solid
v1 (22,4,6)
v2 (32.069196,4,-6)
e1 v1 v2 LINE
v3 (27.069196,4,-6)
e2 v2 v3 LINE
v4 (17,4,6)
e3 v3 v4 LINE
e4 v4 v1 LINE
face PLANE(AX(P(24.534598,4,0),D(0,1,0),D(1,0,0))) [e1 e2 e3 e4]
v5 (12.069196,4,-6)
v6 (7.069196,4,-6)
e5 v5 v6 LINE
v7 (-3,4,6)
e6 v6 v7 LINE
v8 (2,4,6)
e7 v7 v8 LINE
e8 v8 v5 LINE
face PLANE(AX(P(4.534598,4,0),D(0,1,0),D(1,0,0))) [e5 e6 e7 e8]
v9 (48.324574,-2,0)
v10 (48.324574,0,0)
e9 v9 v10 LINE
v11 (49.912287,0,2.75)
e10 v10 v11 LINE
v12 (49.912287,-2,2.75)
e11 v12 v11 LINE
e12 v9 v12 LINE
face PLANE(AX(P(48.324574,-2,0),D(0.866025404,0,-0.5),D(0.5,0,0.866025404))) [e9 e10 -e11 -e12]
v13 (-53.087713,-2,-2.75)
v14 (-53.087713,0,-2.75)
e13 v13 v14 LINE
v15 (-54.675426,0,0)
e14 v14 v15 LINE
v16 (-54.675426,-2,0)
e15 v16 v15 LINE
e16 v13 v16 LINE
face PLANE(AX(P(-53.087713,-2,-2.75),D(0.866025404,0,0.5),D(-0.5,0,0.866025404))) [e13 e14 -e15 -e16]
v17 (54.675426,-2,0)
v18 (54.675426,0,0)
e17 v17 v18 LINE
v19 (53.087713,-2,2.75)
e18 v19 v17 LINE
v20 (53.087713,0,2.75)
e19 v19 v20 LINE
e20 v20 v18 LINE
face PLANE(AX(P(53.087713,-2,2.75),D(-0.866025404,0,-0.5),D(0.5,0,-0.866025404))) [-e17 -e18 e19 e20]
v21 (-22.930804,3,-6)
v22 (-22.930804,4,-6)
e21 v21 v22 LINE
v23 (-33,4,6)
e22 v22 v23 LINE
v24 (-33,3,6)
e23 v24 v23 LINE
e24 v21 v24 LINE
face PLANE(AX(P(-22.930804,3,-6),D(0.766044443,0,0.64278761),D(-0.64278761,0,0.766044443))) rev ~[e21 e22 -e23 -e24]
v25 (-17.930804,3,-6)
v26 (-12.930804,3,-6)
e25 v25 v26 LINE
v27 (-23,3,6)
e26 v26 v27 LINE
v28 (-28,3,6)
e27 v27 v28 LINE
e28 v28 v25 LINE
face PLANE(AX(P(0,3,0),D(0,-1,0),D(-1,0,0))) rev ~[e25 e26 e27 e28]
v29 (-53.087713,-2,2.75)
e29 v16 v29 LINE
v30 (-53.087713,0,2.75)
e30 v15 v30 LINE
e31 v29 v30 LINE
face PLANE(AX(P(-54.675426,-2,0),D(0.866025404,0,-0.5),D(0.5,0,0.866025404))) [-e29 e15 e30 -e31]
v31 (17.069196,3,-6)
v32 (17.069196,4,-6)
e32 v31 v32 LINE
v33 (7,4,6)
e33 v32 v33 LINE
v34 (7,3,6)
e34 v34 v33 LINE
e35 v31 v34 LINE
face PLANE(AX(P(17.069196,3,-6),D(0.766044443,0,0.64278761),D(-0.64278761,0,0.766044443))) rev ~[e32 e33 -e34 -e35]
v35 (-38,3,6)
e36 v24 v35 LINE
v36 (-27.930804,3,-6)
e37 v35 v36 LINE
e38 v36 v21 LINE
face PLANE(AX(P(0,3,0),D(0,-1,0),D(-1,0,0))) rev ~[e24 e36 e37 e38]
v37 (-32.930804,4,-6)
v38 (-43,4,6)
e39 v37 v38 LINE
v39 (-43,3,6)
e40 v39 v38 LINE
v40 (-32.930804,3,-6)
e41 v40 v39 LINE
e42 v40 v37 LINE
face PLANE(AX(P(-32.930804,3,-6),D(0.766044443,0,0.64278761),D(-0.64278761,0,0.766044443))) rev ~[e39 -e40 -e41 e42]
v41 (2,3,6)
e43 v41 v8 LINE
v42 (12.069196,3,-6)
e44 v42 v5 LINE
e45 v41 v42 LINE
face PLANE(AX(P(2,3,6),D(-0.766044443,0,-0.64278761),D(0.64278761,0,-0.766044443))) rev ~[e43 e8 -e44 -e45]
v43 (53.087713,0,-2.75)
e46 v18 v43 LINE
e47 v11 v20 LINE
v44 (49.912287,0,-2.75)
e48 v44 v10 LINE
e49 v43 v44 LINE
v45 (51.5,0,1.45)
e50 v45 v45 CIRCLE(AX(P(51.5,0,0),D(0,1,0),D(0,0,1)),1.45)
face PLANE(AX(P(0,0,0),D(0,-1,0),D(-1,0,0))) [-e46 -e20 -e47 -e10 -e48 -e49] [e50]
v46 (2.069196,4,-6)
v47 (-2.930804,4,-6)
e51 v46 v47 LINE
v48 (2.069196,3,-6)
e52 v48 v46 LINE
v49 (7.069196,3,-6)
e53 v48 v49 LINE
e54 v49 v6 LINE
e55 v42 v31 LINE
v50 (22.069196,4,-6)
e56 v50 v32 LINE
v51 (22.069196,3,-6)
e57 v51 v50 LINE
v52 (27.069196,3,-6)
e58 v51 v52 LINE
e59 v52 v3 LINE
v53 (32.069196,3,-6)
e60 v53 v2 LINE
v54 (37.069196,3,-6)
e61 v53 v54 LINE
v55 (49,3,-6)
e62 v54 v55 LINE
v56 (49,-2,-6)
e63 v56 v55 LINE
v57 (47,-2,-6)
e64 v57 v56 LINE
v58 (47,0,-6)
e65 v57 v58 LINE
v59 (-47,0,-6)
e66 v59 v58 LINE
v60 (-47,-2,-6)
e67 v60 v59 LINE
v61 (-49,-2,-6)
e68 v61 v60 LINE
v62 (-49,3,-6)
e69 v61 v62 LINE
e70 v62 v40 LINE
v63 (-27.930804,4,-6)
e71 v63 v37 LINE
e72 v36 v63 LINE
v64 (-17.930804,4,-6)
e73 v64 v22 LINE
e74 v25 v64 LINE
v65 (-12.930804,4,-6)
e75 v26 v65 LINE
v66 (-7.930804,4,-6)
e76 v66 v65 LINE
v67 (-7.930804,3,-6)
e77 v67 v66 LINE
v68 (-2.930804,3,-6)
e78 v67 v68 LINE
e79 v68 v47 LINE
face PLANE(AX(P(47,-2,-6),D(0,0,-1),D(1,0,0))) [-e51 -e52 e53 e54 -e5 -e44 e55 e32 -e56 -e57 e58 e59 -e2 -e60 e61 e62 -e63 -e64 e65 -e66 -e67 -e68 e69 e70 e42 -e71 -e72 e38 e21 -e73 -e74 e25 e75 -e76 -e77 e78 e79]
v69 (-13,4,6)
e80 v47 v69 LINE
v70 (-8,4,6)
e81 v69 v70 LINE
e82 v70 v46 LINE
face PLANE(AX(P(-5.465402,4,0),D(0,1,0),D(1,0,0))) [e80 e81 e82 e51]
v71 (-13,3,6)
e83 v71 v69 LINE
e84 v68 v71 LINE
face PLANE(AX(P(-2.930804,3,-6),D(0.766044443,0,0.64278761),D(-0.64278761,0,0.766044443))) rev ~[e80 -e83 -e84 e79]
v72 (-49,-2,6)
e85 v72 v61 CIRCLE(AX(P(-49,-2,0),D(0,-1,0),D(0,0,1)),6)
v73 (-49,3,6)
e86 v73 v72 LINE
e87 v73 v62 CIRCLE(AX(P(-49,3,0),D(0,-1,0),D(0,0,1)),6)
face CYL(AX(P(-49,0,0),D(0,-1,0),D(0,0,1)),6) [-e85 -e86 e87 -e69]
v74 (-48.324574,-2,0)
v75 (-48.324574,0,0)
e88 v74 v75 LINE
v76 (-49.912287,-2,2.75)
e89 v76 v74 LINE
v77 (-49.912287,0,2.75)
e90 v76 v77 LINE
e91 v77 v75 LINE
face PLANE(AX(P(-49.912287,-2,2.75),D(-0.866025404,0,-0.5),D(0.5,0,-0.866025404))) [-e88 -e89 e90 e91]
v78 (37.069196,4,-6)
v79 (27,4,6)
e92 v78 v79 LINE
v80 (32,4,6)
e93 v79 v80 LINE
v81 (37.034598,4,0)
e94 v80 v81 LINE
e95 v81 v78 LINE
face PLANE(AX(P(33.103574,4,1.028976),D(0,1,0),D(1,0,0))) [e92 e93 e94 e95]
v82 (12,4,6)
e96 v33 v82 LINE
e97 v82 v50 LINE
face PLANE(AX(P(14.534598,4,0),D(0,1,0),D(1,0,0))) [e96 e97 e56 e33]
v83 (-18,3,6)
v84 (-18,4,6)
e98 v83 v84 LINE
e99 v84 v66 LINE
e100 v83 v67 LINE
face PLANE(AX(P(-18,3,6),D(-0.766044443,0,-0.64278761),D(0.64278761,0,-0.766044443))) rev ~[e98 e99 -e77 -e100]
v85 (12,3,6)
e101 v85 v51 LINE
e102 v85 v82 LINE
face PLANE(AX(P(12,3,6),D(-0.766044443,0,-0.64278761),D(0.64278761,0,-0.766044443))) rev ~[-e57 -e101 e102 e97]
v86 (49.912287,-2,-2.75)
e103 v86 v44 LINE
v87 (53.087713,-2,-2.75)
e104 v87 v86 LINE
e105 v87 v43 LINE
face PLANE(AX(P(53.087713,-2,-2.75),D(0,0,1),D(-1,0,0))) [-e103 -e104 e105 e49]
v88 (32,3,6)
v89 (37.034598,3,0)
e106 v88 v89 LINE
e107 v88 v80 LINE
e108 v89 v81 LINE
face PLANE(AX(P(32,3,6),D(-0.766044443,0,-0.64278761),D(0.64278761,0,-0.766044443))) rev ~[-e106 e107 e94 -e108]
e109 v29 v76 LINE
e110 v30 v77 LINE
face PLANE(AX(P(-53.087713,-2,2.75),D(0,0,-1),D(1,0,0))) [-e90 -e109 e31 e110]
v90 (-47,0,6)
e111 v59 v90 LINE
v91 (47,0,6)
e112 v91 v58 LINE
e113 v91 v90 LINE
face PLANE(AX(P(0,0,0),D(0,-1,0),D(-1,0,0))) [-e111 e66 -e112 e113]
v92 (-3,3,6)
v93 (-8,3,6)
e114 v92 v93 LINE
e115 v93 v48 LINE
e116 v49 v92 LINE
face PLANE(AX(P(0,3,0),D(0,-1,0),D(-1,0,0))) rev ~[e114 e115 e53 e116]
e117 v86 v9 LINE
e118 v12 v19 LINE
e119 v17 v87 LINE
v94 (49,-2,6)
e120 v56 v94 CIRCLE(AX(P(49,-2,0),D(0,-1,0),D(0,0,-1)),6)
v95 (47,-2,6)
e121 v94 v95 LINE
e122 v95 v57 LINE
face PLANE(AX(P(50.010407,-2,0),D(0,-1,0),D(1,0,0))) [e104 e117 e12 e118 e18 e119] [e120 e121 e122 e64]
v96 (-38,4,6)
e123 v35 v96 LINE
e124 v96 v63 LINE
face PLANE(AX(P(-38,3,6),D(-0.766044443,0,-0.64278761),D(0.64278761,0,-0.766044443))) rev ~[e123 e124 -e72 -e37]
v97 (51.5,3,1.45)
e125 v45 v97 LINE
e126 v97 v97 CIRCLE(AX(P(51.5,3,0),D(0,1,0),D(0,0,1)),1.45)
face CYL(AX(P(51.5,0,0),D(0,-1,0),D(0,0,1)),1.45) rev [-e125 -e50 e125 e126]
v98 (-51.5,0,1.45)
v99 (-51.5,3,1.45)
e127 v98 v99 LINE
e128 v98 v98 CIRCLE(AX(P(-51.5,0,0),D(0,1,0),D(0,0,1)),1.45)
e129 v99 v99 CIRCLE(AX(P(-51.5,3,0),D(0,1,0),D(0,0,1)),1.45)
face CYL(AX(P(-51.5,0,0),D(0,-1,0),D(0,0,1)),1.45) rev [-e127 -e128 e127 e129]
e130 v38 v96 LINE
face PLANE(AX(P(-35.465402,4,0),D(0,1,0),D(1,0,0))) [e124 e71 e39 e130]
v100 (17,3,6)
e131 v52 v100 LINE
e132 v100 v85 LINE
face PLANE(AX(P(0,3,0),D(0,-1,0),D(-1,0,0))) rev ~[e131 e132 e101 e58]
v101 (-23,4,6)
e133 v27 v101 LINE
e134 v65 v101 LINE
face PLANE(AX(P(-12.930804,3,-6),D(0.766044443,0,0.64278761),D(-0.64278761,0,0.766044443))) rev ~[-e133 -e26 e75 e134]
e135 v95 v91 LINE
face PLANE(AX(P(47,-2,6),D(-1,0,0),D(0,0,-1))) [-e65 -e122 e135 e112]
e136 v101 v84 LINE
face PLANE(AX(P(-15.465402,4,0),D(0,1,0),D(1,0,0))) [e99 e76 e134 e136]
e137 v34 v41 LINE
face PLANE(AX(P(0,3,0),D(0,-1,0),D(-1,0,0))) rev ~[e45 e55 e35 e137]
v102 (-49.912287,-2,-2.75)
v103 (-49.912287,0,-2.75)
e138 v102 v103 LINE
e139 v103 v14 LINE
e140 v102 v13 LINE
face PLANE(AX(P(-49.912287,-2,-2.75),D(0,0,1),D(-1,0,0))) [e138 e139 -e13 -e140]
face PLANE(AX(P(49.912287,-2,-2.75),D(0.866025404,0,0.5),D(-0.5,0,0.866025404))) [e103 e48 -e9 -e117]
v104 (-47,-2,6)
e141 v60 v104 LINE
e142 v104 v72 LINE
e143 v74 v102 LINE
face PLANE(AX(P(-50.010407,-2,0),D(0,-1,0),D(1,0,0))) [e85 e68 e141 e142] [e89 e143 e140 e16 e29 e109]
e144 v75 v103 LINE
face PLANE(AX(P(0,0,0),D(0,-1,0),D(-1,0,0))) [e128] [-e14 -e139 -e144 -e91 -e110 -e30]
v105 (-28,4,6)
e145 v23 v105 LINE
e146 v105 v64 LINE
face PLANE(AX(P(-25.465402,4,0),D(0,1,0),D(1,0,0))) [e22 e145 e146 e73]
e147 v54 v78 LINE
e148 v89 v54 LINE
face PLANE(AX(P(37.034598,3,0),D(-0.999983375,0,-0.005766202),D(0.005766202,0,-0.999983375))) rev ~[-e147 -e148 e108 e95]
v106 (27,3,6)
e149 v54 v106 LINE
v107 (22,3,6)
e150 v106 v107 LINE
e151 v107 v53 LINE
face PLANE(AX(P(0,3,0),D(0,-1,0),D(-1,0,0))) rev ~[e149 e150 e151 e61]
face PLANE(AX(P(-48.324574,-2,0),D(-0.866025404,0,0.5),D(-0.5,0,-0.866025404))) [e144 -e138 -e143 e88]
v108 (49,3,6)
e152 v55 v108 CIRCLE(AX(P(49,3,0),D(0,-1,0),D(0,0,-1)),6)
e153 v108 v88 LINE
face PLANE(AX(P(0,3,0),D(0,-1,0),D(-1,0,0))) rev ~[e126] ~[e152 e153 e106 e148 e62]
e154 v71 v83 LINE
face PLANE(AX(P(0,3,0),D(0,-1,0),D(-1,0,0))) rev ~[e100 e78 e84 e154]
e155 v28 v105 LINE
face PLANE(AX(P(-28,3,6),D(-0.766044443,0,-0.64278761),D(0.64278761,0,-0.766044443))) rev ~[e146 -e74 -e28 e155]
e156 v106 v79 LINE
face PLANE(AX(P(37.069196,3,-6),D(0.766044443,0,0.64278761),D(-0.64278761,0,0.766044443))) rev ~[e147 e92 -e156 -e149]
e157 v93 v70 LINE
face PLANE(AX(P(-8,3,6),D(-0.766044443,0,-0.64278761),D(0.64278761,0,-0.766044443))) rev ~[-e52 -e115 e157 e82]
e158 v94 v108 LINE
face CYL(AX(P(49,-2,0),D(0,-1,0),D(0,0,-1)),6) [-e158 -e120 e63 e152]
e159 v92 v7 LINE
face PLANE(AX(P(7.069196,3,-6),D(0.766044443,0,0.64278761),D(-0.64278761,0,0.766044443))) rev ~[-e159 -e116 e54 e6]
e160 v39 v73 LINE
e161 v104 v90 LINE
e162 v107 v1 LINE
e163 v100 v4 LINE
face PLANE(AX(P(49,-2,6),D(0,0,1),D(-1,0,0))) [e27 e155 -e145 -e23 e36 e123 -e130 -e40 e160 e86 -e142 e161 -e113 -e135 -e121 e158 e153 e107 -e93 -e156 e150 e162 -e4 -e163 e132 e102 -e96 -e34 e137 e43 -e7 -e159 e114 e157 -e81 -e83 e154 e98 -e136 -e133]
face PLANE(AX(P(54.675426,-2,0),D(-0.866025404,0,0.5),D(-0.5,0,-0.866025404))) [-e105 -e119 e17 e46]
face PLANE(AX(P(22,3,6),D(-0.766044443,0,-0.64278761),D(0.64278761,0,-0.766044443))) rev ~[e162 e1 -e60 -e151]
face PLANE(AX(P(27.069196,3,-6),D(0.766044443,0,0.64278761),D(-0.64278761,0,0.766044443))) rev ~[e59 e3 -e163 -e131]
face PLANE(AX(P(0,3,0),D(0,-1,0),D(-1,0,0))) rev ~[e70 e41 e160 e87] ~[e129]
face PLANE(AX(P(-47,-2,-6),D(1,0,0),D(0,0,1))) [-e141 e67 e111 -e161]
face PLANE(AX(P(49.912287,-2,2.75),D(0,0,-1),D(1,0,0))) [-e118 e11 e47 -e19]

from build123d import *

# Parameters (mm, degrees)
SKETCH1_R           = 1.45
BOSS_EXTRUDE1_DEPTH = 3
BOSS_EXTRUDE2_START = 2
BOSS_EXTRUDE2_DEPTH = 2
BOSS_EXTRUDE3_DEPTH = 1


with BuildPart() as part:
    # Sketch1 → Boss-Extrude1 (new body)
    with BuildSketch(Plane(origin=(0, 0, 0), x_dir=(1, 0, 0), z_dir=(0, 1, 0))):
        with BuildLine():
            Line((-49, 6), (49, 6))
            ThreePointArc((49, 6), (55, 0), (49, -6))
            Line((49, -6), (-49, -6))
            ThreePointArc((-49, -6), (-55, 0), (-49, 6))
        make_face()
        with Locations(Location((-51.5, 0, 0), (0, 0, 270))):
            Circle(SKETCH1_R, mode=Mode.SUBTRACT)
        with Locations(Location((51.5, 0, 0), (0, 0, 270))):
            Circle(SKETCH1_R, mode=Mode.SUBTRACT)
    extrude(amount=BOSS_EXTRUDE1_DEPTH)

    # Sketch2 → Boss-Extrude2 (add)
    # profile 1 of 2: a face of its own
    with BuildSketch(Plane.XZ.offset(BOSS_EXTRUDE2_START)):
        with BuildLine():
            Line((49, 6), (47, 6))
            Line((47, 6), (47, -6))
            Line((47, -6), (49, -6))
            ThreePointArc((49, -6), (55, 0), (49, 6))
        make_face()
        Polygon((54.675426481, 0), (53.08771324, -2.75), (49.91228676, -2.75), (48.324573519, 0), (49.91228676, 2.75), (53.08771324, 2.75), align=None, mode=Mode.SUBTRACT)
    # profile 2 of 2: a face of its own
    with BuildSketch(Plane.XZ.offset(BOSS_EXTRUDE2_START)):
        with BuildLine():
            Line((-47, -6), (-47, 6))
            Line((-47, 6), (-49, 6))
            ThreePointArc((-49, 6), (-55, 0), (-49, -6))
            Line((-49, -6), (-47, -6))
        make_face()
        Polygon((-48.324573519, 0), (-49.91228676, -2.75), (-53.08771324, -2.75), (-54.675426481, 0), (-53.08771324, 2.75), (-49.91228676, 2.75), align=None, mode=Mode.SUBTRACT)
    extrude(amount=-BOSS_EXTRUDE2_DEPTH)

    # Sketch3 → Boss-Extrude3 (add)
    with BuildSketch(Plane(origin=(0, 3, 0), x_dir=(1, 0, 0), z_dir=(0, 1, 0))):
        Polygon((-32.930804426, 6), (-43, -6), (-38, -6), (-27.930804426, 6), align=None)
        Polygon((-17.930804426, 6), (-22.930804426, 6), (-33, -6), (-28, -6), align=None)
        Polygon((-7.930804426, 6), (-12.930804426, 6), (-23, -6), (-18, -6), align=None)
        Polygon((2.069195574, 6), (-2.930804426, 6), (-13, -6), (-8, -6), align=None)
        Polygon((12.069195574, 6), (7.069195574, 6), (-3, -6), (2, -6), align=None)
        Polygon((22.069195574, 6), (17.069195574, 6), (7, -6), (12, -6), align=None)
        Polygon((32.069195574, 6), (27.069195574, 6), (17, -6), (22, -6), align=None)
        Polygon((37.069195574, 6), (27, -6), (32, -6), (37.034597787, 0), align=None)
    extrude(amount=BOSS_EXTRUDE3_DEPTH)


solid = part.part
